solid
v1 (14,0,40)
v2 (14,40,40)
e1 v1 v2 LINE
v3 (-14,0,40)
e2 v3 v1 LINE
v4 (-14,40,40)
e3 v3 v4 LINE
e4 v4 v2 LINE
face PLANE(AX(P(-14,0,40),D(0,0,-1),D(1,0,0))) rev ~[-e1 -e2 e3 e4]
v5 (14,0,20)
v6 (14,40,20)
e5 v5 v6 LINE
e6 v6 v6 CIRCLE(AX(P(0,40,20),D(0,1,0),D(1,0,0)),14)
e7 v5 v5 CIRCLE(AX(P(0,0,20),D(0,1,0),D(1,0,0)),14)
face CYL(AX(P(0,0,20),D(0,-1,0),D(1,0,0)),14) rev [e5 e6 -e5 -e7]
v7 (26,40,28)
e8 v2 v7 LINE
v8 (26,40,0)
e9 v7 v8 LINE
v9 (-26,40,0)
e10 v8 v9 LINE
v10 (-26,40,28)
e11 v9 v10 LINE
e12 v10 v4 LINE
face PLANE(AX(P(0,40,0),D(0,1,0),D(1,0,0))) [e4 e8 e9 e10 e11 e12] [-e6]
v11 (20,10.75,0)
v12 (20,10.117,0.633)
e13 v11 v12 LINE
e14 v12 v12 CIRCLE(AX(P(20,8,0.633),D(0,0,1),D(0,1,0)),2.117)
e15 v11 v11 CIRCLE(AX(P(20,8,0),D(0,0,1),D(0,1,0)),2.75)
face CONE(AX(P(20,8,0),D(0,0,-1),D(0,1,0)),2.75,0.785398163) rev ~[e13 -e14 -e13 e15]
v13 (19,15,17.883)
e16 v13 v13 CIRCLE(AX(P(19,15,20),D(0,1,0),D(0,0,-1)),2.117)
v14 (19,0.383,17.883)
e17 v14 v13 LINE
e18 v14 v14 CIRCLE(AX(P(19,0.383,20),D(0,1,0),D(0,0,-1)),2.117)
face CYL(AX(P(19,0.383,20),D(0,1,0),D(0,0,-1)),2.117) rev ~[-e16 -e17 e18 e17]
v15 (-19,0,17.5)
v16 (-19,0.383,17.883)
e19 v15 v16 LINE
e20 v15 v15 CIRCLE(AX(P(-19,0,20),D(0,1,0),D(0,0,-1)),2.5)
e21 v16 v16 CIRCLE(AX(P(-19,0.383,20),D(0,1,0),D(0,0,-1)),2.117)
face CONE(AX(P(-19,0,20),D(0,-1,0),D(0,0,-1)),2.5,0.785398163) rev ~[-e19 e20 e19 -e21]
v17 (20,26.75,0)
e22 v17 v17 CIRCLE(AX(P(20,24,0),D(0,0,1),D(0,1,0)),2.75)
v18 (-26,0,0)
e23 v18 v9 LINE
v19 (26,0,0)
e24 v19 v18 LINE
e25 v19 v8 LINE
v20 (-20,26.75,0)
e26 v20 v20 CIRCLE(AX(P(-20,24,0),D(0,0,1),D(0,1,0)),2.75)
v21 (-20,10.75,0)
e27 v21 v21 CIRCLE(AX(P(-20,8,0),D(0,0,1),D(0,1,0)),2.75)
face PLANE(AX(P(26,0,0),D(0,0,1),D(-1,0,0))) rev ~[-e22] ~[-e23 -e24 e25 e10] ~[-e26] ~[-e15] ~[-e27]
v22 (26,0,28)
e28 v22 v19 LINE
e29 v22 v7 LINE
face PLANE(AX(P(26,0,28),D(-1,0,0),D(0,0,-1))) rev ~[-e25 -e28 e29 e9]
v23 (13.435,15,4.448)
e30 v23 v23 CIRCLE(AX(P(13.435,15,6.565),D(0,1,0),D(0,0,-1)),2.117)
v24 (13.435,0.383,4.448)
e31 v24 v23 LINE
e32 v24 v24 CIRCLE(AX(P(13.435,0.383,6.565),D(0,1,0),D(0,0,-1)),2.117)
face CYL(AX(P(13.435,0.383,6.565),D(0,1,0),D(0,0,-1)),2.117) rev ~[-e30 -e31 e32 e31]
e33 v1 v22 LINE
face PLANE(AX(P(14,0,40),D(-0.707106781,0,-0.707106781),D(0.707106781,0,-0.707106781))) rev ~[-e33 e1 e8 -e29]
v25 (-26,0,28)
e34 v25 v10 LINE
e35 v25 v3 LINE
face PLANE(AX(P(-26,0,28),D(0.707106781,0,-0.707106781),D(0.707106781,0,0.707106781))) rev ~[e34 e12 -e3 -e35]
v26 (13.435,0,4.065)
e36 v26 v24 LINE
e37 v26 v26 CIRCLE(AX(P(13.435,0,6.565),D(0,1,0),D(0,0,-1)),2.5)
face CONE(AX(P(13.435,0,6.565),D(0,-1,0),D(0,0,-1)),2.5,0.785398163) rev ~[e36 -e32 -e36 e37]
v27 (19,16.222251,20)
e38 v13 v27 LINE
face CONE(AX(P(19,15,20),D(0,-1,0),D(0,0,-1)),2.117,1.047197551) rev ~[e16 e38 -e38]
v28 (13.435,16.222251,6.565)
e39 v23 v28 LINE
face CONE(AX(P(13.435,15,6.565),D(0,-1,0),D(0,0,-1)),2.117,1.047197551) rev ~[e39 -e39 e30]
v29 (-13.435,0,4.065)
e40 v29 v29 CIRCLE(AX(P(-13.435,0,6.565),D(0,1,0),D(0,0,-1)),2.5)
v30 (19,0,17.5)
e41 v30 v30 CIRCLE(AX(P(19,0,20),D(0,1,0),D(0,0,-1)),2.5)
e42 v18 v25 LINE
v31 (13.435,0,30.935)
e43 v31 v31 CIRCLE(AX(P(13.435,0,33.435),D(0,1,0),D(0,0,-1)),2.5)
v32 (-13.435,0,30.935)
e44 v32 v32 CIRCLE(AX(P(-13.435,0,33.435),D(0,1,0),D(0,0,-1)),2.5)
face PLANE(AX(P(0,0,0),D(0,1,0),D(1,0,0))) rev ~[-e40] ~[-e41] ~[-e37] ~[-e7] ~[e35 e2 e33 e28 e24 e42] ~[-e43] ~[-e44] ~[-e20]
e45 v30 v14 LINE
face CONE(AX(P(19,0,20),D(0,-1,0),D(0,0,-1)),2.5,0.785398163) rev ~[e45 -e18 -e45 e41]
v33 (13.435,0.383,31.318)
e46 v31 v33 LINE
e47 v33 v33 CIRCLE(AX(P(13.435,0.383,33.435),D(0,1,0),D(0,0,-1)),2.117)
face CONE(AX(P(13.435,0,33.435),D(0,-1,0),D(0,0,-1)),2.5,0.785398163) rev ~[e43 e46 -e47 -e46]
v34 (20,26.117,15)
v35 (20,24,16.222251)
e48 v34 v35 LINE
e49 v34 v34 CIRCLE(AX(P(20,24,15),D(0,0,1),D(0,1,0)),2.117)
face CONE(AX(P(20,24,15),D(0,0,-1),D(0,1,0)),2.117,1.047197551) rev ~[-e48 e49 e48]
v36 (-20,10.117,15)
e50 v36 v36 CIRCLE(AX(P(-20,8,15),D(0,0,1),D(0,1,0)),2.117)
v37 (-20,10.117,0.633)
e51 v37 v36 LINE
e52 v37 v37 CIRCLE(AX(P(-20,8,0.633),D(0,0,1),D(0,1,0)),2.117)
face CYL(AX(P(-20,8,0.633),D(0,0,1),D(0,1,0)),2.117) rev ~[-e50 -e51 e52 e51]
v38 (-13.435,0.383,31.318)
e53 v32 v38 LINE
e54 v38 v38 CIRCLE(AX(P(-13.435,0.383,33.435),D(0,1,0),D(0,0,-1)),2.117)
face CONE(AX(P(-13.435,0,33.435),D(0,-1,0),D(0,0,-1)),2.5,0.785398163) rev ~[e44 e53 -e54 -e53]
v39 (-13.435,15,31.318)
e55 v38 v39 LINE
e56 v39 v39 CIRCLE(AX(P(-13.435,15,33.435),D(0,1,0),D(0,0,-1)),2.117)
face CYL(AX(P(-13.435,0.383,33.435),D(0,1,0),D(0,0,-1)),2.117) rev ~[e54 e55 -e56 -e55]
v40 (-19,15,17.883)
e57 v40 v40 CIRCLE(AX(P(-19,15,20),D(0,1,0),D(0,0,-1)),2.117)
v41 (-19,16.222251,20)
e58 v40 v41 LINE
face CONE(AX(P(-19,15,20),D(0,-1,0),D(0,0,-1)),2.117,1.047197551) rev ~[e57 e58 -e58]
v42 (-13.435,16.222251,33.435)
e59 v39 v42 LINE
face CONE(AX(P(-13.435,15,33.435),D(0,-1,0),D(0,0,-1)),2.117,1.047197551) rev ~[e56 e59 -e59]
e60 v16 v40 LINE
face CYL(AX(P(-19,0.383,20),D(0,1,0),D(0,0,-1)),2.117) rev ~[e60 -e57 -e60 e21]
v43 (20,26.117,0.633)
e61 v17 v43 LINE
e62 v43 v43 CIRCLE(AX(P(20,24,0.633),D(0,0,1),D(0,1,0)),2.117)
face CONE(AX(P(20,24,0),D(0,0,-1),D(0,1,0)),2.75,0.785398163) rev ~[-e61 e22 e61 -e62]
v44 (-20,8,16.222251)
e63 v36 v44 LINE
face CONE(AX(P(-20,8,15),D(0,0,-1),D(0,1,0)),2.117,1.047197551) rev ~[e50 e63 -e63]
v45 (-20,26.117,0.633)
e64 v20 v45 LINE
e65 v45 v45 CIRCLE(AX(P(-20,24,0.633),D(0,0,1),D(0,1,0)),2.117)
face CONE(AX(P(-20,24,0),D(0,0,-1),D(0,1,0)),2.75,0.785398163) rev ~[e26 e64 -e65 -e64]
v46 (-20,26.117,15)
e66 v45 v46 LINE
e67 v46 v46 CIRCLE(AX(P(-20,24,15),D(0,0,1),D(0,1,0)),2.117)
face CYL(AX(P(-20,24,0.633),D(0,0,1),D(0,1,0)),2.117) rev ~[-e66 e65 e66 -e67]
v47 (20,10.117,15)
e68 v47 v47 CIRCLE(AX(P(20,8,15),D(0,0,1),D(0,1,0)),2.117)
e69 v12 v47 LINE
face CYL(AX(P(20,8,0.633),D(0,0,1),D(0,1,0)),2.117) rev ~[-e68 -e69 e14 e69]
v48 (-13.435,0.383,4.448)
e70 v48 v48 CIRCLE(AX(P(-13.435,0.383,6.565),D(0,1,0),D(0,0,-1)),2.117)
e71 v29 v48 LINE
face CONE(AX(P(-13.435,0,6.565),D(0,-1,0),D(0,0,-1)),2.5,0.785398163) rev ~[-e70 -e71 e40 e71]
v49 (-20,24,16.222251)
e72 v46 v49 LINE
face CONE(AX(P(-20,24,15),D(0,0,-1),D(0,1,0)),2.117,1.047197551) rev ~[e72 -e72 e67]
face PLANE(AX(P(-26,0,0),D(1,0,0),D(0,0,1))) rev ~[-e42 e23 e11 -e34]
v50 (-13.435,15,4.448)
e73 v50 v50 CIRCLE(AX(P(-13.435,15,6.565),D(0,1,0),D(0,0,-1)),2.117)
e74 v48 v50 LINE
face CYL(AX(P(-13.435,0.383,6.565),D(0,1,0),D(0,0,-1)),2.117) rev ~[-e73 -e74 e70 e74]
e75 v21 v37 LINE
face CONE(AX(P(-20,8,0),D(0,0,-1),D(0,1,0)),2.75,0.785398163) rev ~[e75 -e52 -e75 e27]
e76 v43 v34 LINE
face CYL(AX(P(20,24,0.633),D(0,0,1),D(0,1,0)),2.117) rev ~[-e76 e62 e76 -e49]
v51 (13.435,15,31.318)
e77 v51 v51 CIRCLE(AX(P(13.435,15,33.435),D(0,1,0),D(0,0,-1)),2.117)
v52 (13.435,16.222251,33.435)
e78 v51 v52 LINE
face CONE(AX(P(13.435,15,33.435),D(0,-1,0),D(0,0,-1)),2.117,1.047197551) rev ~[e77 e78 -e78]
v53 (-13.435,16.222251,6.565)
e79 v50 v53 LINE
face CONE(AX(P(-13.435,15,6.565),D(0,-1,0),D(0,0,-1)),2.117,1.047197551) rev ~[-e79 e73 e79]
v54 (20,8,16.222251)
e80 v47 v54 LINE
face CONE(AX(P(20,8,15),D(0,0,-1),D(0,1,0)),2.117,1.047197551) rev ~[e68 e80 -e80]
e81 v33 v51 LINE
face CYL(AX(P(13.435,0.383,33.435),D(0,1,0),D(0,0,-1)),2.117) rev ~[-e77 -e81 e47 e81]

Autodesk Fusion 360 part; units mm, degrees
sketch "Sketch1" plane through (0, 0, 0) normal (0, 1, 0) x (1, 0, 0)
  line L0 (26, 0) -> (-26, 0)
  line L1 (0, 0) -> (0, -40) construction
  circle A0 centre (0, -20) radius 14
  circle A1 centre (0, -20) radius 19 construction
  line L2 (-26, 0) -> (-26, -28)
  line L3 (-26, -28) -> (-14, -40)
  line L4 (-14, -40) -> (14, -40)
  line L5 (14, -40) -> (26, -28)
  line L6 (26, -28) -> (26, 0)
  line L7 (26, -20) -> (-26, -20) construction
  line L8 (0, -20) -> (13.435, -33.435) construction
  line L9 (0, -20) -> (19, -20) construction
  line L10 (0, -20) -> (13.435, -6.565) construction
  line L11 (0, -20) -> (19, -20) construction
  line L12 (0, -20) -> (-13.435, -33.435) construction
  line L13 (0, -20) -> (19, -20) construction
  line L14 (0, -20) -> (-13.435, -6.565) construction
  line L15 (0, -20) -> (19, -20) construction
  circle A2 centre (-13.435, -33.435) radius 2.5
  circle A3 centre (-19, -20) radius 2.5
  circle A4 centre (-13.435, -6.565) radius 2.5
  circle A5 centre (13.435, -33.435) radius 2.5
  circle A6 centre (13.435, -6.565) radius 2.5
  circle A7 centre (19, -20) radius 2.5
  point P0 (0, -20)
  dimension "d2" = 52
  dimension "d3" = 40
  dimension "d4" = 28
  dimension "d5" = 38
  dimension "d6" = 135
  dimension "d8" = 135
  dimension "d10" = 12
  dimension "d12" = 45
  dimension "d13" = 45
  dimension "d16" = 45
  dimension "d17" = 45
  dimension "d18" = 5
  dimension "d19" = 5
  dimension "d20" = 5
  dimension "d21" = 5
  dimension "d23" = 5
  dimension "d27" = 5
  dimension "d28" = 19
extrude "Extrude1" add sketch "Sketch1" along normal blind 40 contours L0 L2 L3 L4 L5 L6 | A2 | A3 | A4 | A5 | A6 | A7
hole "Hole1" at (-19, 0, 20) at (-13.435, 0, 33.435) at (13.435, 0, 33.435) at (19, 0, 20) at (13.435, 0, 6.565) at (-13.435, 0, 6.565) direction (0, 1, 0) diameter 4.234 depth 15 tip angle 120 countersink diameter 5 countersink angle 90
sketch "Sketch2" plane through (0, 0, 0) normal (0, 0, -1) x (1, 0, 0)
  line L0 (26, 0) -> (-26, 0)
  line L1 (-26, 0) -> (-26, -40)
  line L2 (-26, -40) -> (26, -40)
  line L3 (26, -40) -> (26, 0)
  line L4 (-20, 0) -> (-20, -40) construction
  line L5 (0, 0) -> (0, -40) construction
  circle A0 centre (-20, -8) radius 2.5
  circle A1 centre (-20, -24) radius 2.5
  line L6 (-20, -20) -> (0, -20) construction
  circle A2 centre (20, -8) radius 2.5
  circle A3 centre (20, -24) radius 2.5
  dimension "d37" = 5
  dimension "d38" = 5
  dimension "d41" = 8
  dimension "d42" = 20
  dimension "d43" = 24
hole "Hole2" at (-20, 8, 0) at (-20, 24, 0) at (20, 8, 0) at (20, 24, 0) direction (0, 0, 1) diameter 4.234 depth 15 tip angle 120 countersink diameter 5.5 countersink angle 90
